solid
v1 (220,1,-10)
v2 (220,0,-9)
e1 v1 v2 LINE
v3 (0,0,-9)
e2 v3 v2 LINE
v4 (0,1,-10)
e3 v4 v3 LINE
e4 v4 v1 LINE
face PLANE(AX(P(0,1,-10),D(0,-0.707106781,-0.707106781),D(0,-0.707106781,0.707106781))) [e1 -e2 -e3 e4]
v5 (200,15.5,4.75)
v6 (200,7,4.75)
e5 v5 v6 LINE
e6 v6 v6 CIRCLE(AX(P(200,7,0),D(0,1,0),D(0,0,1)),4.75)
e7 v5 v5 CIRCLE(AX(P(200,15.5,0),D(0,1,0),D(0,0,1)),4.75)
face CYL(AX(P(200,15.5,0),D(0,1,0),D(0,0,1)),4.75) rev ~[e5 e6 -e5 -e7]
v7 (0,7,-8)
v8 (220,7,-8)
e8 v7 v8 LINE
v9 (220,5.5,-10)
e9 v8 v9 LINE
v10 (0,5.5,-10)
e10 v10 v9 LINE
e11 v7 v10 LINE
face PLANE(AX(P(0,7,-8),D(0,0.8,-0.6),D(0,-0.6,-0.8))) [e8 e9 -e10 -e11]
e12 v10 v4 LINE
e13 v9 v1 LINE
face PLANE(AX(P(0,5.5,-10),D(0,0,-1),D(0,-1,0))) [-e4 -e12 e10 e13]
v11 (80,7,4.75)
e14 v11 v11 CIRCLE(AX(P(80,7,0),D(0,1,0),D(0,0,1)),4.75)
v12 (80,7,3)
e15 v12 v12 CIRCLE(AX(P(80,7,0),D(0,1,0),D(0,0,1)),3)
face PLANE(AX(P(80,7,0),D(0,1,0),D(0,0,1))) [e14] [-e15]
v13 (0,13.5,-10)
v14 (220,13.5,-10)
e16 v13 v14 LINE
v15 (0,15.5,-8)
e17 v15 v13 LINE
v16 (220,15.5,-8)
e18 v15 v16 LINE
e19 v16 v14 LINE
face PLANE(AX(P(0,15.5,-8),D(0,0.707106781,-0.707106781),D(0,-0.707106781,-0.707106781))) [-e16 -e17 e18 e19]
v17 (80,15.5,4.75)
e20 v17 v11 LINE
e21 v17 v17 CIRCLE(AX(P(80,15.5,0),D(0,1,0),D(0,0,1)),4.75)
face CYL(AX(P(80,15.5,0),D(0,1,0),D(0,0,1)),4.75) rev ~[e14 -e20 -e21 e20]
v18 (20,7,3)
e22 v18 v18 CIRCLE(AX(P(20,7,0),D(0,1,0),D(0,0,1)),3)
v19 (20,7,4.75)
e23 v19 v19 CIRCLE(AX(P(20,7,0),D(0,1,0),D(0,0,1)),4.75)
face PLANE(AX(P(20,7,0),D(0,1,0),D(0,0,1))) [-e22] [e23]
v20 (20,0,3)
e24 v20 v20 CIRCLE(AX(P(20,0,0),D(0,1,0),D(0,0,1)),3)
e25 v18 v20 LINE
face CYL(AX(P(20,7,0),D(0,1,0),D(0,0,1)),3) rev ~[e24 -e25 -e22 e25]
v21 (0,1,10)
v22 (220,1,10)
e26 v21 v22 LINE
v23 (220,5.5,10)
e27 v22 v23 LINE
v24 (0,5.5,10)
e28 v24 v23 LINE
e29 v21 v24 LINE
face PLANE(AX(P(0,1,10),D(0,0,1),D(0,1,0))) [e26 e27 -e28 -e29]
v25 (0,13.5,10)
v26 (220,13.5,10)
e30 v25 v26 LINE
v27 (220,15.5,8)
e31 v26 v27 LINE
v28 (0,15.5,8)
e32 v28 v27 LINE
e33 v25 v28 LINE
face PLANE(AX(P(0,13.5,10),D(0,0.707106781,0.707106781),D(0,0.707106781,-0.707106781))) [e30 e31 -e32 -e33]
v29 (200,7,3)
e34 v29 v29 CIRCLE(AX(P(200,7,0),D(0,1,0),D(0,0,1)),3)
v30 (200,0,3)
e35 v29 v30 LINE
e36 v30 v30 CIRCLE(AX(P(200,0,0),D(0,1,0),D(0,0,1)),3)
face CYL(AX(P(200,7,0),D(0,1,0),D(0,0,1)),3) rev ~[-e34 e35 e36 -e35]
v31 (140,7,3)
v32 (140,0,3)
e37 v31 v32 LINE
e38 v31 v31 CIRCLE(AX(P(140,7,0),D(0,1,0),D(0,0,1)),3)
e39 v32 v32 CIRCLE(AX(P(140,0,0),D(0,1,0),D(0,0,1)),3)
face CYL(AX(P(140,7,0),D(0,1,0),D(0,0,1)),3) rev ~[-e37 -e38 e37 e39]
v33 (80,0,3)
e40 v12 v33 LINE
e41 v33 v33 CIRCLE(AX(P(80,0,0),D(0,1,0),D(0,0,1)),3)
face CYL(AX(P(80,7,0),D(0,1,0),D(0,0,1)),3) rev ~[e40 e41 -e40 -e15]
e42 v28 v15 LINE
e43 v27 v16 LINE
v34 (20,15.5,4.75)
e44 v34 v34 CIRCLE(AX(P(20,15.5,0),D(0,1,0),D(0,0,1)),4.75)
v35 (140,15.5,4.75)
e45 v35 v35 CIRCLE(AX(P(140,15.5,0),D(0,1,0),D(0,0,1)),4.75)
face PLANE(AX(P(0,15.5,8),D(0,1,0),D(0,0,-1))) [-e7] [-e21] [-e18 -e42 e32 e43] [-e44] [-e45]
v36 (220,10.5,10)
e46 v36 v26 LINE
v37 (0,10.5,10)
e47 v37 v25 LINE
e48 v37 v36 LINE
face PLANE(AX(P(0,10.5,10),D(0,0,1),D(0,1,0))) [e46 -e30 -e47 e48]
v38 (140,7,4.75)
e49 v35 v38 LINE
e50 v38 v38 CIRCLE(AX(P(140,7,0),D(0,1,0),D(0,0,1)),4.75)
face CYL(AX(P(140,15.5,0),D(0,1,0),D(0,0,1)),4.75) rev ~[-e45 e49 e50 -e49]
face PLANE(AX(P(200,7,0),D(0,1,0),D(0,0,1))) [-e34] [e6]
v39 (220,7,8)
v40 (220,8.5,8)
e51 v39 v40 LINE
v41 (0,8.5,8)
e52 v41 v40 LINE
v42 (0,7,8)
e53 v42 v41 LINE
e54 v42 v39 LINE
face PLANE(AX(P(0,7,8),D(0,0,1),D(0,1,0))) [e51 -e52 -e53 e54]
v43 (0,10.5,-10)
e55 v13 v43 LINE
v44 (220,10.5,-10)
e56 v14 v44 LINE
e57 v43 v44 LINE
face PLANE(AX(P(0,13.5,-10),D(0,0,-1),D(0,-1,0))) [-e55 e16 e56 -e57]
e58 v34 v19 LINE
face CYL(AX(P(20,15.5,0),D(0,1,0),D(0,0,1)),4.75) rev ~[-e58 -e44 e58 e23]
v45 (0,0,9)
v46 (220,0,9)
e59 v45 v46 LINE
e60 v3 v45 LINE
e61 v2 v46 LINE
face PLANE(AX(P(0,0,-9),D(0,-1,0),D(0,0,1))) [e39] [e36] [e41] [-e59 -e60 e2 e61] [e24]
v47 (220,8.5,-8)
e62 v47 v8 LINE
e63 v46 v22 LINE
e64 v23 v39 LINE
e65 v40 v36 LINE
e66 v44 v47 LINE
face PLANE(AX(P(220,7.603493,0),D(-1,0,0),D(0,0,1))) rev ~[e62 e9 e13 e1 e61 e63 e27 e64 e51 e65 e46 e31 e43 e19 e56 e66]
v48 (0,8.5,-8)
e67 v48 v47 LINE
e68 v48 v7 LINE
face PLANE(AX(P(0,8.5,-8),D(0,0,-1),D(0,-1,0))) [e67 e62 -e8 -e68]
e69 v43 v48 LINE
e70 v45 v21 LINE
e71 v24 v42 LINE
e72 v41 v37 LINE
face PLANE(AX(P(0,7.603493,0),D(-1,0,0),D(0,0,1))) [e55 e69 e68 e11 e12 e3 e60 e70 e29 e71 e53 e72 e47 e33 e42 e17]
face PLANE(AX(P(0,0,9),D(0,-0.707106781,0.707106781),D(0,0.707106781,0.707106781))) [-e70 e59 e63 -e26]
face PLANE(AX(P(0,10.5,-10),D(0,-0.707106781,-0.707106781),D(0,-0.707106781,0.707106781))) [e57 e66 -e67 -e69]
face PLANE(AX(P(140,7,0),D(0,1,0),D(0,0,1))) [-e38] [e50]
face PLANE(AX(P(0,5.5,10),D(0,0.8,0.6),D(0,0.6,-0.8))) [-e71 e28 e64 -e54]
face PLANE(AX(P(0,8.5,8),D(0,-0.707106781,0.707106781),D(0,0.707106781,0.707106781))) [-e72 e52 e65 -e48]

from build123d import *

# Parameters (mm, degrees)
BOSS_EXTRUDE1_DEPTH = 220
SKETCH2_R           = 4.75
CUT_EXTRUDE1_DEPTH  = 8.5
SKETCH3_R           = 3
CUT_EXTRUDE2_DEPTH  = 221.391129586
LPATTERN1_COUNT     = 4
LPATTERN1_PITCH     = 60


with BuildPart() as part:
    # Sketch1 → Boss-Extrude1 (new body)
    with BuildSketch(Plane(origin=(0, 0, 0), x_dir=(0, 0, -1), z_dir=(1, 0, 0))):
        Polygon((9, 0), (-9, 0), (-10, 1), (-10, 5.5), (-8, 7), (-8, 8.5), (-10, 10.5), (-10, 13.5), (-8, 15.5), (8, 15.5), (10, 13.5), (10, 10.5), (8, 8.5), (8, 7), (10, 5.5), (10, 1), align=None)
    extrude(amount=BOSS_EXTRUDE1_DEPTH)

    # Sketch2 → Cut-Extrude1 (cut)
    with BuildSketch(Plane(origin=(0, 15.5, 0), x_dir=(1, 0, 0), z_dir=(0, 1, 0))):
        with Locations(Location((20, 0, 0), (0, 0, 270))):
            Circle(SKETCH2_R)
    cut_extrude1 = extrude(amount=-CUT_EXTRUDE1_DEPTH, mode=Mode.SUBTRACT)

    # Sketch3 → Cut-Extrude2 (cut, through all)
    with BuildSketch(Plane(origin=(0, 7, 0), x_dir=(1, 0, 0), z_dir=(0, 1, 0))):
        with Locations(Location((20, 0, 0), (0, 0, 270))):
            Circle(SKETCH3_R)
    cut_extrude2 = extrude(amount=-CUT_EXTRUDE2_DEPTH, mode=Mode.SUBTRACT)

    # LPattern1: Cut-Extrude1, Cut-Extrude2 ×4
    with Locations(*[(i * LPATTERN1_PITCH, 0, 0) for i in range(1, LPATTERN1_COUNT)]):
        add(cut_extrude1, mode=Mode.SUBTRACT)
        add(cut_extrude2, mode=Mode.SUBTRACT)


solid = part.part
